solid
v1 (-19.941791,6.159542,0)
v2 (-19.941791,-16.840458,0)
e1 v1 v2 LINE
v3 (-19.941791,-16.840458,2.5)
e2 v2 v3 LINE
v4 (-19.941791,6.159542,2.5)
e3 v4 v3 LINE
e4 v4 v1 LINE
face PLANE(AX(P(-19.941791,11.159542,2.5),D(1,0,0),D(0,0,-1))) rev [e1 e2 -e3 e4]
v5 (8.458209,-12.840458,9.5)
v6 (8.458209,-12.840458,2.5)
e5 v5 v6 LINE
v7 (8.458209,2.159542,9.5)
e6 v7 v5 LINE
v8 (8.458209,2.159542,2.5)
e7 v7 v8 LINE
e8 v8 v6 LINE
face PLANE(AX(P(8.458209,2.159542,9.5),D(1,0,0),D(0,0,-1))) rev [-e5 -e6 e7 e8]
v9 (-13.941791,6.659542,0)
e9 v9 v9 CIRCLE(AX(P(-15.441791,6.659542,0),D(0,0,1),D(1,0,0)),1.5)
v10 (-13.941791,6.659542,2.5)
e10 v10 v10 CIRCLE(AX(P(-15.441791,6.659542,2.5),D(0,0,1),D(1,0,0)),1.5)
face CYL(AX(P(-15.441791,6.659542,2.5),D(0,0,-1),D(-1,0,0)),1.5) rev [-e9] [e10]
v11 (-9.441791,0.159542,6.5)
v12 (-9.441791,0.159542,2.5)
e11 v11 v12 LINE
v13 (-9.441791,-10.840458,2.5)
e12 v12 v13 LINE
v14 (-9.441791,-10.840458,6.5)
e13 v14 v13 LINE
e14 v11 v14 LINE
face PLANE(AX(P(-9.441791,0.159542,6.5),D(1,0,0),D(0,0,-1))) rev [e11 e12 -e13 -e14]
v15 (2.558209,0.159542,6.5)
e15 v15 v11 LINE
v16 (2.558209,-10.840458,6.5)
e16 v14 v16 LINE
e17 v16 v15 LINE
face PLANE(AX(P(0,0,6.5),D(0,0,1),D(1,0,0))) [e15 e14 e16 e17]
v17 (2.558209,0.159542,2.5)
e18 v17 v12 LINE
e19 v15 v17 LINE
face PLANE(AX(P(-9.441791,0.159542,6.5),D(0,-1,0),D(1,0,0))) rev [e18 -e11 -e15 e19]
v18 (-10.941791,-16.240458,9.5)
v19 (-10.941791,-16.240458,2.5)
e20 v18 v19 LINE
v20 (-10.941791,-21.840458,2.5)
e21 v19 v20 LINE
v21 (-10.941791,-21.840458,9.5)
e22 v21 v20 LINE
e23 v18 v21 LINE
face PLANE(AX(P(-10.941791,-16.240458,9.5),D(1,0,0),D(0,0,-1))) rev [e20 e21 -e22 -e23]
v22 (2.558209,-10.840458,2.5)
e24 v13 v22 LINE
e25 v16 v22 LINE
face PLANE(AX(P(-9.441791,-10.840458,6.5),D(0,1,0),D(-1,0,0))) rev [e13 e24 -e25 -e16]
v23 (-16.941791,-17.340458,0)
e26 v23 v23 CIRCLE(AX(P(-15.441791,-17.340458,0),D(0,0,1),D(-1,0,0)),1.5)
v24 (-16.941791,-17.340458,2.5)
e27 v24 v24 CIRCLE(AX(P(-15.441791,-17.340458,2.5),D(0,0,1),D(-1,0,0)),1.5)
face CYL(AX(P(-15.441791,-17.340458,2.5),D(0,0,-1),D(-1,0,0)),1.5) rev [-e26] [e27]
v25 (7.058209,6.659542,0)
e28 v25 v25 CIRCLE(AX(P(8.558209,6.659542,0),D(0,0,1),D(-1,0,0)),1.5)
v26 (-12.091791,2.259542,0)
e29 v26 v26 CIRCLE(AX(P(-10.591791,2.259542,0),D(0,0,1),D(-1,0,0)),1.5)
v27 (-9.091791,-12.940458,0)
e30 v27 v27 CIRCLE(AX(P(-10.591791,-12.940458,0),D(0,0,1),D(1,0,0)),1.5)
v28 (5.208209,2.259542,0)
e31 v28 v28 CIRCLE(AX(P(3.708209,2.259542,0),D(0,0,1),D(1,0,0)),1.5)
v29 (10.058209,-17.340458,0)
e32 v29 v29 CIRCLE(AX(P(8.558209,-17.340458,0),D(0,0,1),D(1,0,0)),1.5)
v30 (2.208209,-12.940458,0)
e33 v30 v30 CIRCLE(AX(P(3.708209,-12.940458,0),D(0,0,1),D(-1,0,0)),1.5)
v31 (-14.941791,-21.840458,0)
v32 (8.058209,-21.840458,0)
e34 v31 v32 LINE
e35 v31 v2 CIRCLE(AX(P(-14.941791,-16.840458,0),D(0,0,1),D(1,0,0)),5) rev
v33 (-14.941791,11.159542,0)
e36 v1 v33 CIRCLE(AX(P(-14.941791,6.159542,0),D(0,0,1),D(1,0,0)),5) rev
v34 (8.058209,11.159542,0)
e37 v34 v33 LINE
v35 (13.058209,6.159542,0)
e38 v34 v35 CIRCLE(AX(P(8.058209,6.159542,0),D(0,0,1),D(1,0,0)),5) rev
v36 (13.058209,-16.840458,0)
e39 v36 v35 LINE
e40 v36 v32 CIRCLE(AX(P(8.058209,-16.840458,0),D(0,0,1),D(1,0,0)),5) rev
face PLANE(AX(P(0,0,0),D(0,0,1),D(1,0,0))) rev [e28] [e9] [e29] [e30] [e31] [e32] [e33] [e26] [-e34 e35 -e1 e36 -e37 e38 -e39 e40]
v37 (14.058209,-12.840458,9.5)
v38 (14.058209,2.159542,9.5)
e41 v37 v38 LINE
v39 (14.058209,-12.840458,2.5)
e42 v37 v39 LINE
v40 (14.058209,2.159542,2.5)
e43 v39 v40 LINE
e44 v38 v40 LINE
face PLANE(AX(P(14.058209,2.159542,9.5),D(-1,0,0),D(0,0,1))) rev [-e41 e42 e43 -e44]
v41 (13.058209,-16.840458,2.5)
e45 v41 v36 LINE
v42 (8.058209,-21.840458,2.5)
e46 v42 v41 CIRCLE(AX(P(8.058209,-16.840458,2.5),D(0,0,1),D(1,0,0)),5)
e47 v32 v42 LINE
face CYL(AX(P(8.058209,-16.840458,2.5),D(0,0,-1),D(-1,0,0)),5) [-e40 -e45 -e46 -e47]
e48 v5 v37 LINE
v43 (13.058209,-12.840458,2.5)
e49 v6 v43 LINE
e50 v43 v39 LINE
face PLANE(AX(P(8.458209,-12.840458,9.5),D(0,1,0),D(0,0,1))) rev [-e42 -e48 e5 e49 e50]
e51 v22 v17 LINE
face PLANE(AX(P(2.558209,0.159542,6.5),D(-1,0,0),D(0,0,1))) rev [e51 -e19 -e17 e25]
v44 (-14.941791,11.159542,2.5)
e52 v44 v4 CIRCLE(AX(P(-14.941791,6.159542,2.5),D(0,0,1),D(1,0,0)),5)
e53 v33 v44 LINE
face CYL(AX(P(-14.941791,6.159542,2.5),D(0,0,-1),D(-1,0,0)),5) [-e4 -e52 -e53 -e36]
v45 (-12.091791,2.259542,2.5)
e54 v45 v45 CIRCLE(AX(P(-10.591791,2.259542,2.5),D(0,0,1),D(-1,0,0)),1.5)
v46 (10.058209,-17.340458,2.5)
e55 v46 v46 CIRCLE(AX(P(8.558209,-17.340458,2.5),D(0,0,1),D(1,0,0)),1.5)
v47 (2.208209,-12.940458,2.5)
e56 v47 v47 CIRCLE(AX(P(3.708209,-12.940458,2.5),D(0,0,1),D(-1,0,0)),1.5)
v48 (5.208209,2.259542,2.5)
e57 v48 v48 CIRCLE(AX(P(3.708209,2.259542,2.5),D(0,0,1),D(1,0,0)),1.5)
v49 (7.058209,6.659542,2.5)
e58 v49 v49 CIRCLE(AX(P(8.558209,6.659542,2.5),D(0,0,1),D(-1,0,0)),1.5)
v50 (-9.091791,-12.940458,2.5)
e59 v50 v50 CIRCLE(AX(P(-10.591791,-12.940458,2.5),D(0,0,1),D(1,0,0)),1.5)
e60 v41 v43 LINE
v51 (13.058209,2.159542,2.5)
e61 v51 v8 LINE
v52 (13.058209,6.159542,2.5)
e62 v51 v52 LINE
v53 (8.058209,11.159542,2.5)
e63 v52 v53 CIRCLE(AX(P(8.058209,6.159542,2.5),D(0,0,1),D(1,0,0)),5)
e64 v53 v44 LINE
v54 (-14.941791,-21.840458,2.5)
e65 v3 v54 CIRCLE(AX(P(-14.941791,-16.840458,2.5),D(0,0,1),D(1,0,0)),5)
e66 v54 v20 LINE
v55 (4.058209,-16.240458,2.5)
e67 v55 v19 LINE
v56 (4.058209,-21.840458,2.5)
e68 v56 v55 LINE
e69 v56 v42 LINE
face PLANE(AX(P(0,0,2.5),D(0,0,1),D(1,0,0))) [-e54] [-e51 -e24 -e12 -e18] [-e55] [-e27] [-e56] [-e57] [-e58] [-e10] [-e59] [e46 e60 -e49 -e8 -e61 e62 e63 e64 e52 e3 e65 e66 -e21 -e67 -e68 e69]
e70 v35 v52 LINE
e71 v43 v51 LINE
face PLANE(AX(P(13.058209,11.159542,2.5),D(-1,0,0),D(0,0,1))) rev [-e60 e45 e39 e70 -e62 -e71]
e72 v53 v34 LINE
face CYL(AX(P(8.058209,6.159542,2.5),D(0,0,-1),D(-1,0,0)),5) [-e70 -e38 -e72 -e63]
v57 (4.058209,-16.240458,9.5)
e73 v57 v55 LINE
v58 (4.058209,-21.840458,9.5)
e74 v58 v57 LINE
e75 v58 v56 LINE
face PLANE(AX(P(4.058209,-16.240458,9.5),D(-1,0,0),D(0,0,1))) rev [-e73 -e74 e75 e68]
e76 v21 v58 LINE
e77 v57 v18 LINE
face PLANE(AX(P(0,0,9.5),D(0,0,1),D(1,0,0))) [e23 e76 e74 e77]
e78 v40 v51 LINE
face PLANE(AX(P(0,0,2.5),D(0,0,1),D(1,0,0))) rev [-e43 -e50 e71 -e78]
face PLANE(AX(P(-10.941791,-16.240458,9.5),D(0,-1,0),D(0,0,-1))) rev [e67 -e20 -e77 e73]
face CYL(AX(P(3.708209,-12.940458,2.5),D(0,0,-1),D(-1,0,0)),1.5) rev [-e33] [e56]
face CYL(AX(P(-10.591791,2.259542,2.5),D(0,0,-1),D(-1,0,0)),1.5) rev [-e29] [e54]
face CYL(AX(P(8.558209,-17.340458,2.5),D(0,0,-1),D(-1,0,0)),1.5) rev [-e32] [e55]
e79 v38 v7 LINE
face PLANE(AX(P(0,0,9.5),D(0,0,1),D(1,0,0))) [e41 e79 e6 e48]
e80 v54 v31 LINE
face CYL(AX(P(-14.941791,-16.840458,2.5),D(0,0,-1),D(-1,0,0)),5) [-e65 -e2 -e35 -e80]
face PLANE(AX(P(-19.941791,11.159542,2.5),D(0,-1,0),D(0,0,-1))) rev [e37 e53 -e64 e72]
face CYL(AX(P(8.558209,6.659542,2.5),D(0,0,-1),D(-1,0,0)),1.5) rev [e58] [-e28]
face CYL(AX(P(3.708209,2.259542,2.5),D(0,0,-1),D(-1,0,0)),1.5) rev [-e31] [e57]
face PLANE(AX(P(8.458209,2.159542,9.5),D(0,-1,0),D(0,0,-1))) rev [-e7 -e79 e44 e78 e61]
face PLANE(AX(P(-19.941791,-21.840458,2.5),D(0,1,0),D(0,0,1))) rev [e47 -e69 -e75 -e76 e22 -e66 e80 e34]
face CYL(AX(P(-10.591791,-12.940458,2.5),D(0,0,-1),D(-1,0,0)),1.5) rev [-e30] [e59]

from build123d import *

# Parameters (mm, degrees)
SKETCH1_W           = 33
SKETCH1_H           = 33
SKETCH1_R           = 1.5
BOSS_EXTRUDE1_DEPTH = 2.5
FILLET1_R           = 5
SKETCH2_W           = 15
SKETCH2_H           = 5.6
SKETCH2_W_2         = 5.6
SKETCH2_H_2         = 15
BOSS_EXTRUDE2_DEPTH = 7
SKETCH3_W           = 12
SKETCH3_H           = 11
BOSS_EXTRUDE3_DEPTH = 4


with BuildPart() as part:
    # Sketch1 → Boss-Extrude1 (new body)
    with BuildSketch(Plane.XY):
        with Locations((-3.4417913, -5.340458015)):
            Rectangle(SKETCH1_W, SKETCH1_H)
        with Locations((-15.4417913, 6.659541985)):
            Circle(SKETCH1_R, mode=Mode.SUBTRACT)
        with Locations(Location((8.5582087, 6.659541985, 0), (0, 0, 180))):
            Circle(SKETCH1_R, mode=Mode.SUBTRACT)
        with Locations(Location((-15.4417913, -17.340458015, 0), (0, 0, 180))):
            Circle(SKETCH1_R, mode=Mode.SUBTRACT)
        with Locations((8.5582087, -17.340458015)):
            Circle(SKETCH1_R, mode=Mode.SUBTRACT)
        with Locations((-10.5917913, -12.940458015)):
            Circle(SKETCH1_R, mode=Mode.SUBTRACT)
        with Locations(Location((3.7082087, -12.940458015, 0), (0, 0, 180))):
            Circle(SKETCH1_R, mode=Mode.SUBTRACT)
        with Locations(Location((-10.5917913, 2.259541985, 0), (0, 0, 180))):
            Circle(SKETCH1_R, mode=Mode.SUBTRACT)
        with Locations((3.7082087, 2.259541985)):
            Circle(SKETCH1_R, mode=Mode.SUBTRACT)
    extrude(amount=BOSS_EXTRUDE1_DEPTH)

    # Fillet1
    fillet1_edges = [part.edges().sort_by_distance(p)[0] for p in [
        (-19.9417913, 11.159541985, 1.25),
        (13.0582087, 11.159541985, 1.25),
        (13.0582087, -21.840458015, 1.25),
        (-19.9417913, -21.840458015, 1.25),
    ]]
    fillet(fillet1_edges, radius=FILLET1_R)

    # Sketch2 → Boss-Extrude2 (add)
    with BuildSketch(Plane.XY.offset(2.5)):
        with Locations((-3.4417913, -19.040458015)):
            Rectangle(SKETCH2_W, SKETCH2_H)
        with Locations((11.2582087, -5.340458015)):
            Rectangle(SKETCH2_W_2, SKETCH2_H_2)
    extrude(amount=BOSS_EXTRUDE2_DEPTH)

    # Sketch3 → Boss-Extrude3 (add)
    with BuildSketch(Plane.XY.offset(2.5)):
        with Locations((-3.4417913, -5.340458015)):
            Rectangle(SKETCH3_W, SKETCH3_H)
    extrude(amount=BOSS_EXTRUDE3_DEPTH)


solid = part.part
